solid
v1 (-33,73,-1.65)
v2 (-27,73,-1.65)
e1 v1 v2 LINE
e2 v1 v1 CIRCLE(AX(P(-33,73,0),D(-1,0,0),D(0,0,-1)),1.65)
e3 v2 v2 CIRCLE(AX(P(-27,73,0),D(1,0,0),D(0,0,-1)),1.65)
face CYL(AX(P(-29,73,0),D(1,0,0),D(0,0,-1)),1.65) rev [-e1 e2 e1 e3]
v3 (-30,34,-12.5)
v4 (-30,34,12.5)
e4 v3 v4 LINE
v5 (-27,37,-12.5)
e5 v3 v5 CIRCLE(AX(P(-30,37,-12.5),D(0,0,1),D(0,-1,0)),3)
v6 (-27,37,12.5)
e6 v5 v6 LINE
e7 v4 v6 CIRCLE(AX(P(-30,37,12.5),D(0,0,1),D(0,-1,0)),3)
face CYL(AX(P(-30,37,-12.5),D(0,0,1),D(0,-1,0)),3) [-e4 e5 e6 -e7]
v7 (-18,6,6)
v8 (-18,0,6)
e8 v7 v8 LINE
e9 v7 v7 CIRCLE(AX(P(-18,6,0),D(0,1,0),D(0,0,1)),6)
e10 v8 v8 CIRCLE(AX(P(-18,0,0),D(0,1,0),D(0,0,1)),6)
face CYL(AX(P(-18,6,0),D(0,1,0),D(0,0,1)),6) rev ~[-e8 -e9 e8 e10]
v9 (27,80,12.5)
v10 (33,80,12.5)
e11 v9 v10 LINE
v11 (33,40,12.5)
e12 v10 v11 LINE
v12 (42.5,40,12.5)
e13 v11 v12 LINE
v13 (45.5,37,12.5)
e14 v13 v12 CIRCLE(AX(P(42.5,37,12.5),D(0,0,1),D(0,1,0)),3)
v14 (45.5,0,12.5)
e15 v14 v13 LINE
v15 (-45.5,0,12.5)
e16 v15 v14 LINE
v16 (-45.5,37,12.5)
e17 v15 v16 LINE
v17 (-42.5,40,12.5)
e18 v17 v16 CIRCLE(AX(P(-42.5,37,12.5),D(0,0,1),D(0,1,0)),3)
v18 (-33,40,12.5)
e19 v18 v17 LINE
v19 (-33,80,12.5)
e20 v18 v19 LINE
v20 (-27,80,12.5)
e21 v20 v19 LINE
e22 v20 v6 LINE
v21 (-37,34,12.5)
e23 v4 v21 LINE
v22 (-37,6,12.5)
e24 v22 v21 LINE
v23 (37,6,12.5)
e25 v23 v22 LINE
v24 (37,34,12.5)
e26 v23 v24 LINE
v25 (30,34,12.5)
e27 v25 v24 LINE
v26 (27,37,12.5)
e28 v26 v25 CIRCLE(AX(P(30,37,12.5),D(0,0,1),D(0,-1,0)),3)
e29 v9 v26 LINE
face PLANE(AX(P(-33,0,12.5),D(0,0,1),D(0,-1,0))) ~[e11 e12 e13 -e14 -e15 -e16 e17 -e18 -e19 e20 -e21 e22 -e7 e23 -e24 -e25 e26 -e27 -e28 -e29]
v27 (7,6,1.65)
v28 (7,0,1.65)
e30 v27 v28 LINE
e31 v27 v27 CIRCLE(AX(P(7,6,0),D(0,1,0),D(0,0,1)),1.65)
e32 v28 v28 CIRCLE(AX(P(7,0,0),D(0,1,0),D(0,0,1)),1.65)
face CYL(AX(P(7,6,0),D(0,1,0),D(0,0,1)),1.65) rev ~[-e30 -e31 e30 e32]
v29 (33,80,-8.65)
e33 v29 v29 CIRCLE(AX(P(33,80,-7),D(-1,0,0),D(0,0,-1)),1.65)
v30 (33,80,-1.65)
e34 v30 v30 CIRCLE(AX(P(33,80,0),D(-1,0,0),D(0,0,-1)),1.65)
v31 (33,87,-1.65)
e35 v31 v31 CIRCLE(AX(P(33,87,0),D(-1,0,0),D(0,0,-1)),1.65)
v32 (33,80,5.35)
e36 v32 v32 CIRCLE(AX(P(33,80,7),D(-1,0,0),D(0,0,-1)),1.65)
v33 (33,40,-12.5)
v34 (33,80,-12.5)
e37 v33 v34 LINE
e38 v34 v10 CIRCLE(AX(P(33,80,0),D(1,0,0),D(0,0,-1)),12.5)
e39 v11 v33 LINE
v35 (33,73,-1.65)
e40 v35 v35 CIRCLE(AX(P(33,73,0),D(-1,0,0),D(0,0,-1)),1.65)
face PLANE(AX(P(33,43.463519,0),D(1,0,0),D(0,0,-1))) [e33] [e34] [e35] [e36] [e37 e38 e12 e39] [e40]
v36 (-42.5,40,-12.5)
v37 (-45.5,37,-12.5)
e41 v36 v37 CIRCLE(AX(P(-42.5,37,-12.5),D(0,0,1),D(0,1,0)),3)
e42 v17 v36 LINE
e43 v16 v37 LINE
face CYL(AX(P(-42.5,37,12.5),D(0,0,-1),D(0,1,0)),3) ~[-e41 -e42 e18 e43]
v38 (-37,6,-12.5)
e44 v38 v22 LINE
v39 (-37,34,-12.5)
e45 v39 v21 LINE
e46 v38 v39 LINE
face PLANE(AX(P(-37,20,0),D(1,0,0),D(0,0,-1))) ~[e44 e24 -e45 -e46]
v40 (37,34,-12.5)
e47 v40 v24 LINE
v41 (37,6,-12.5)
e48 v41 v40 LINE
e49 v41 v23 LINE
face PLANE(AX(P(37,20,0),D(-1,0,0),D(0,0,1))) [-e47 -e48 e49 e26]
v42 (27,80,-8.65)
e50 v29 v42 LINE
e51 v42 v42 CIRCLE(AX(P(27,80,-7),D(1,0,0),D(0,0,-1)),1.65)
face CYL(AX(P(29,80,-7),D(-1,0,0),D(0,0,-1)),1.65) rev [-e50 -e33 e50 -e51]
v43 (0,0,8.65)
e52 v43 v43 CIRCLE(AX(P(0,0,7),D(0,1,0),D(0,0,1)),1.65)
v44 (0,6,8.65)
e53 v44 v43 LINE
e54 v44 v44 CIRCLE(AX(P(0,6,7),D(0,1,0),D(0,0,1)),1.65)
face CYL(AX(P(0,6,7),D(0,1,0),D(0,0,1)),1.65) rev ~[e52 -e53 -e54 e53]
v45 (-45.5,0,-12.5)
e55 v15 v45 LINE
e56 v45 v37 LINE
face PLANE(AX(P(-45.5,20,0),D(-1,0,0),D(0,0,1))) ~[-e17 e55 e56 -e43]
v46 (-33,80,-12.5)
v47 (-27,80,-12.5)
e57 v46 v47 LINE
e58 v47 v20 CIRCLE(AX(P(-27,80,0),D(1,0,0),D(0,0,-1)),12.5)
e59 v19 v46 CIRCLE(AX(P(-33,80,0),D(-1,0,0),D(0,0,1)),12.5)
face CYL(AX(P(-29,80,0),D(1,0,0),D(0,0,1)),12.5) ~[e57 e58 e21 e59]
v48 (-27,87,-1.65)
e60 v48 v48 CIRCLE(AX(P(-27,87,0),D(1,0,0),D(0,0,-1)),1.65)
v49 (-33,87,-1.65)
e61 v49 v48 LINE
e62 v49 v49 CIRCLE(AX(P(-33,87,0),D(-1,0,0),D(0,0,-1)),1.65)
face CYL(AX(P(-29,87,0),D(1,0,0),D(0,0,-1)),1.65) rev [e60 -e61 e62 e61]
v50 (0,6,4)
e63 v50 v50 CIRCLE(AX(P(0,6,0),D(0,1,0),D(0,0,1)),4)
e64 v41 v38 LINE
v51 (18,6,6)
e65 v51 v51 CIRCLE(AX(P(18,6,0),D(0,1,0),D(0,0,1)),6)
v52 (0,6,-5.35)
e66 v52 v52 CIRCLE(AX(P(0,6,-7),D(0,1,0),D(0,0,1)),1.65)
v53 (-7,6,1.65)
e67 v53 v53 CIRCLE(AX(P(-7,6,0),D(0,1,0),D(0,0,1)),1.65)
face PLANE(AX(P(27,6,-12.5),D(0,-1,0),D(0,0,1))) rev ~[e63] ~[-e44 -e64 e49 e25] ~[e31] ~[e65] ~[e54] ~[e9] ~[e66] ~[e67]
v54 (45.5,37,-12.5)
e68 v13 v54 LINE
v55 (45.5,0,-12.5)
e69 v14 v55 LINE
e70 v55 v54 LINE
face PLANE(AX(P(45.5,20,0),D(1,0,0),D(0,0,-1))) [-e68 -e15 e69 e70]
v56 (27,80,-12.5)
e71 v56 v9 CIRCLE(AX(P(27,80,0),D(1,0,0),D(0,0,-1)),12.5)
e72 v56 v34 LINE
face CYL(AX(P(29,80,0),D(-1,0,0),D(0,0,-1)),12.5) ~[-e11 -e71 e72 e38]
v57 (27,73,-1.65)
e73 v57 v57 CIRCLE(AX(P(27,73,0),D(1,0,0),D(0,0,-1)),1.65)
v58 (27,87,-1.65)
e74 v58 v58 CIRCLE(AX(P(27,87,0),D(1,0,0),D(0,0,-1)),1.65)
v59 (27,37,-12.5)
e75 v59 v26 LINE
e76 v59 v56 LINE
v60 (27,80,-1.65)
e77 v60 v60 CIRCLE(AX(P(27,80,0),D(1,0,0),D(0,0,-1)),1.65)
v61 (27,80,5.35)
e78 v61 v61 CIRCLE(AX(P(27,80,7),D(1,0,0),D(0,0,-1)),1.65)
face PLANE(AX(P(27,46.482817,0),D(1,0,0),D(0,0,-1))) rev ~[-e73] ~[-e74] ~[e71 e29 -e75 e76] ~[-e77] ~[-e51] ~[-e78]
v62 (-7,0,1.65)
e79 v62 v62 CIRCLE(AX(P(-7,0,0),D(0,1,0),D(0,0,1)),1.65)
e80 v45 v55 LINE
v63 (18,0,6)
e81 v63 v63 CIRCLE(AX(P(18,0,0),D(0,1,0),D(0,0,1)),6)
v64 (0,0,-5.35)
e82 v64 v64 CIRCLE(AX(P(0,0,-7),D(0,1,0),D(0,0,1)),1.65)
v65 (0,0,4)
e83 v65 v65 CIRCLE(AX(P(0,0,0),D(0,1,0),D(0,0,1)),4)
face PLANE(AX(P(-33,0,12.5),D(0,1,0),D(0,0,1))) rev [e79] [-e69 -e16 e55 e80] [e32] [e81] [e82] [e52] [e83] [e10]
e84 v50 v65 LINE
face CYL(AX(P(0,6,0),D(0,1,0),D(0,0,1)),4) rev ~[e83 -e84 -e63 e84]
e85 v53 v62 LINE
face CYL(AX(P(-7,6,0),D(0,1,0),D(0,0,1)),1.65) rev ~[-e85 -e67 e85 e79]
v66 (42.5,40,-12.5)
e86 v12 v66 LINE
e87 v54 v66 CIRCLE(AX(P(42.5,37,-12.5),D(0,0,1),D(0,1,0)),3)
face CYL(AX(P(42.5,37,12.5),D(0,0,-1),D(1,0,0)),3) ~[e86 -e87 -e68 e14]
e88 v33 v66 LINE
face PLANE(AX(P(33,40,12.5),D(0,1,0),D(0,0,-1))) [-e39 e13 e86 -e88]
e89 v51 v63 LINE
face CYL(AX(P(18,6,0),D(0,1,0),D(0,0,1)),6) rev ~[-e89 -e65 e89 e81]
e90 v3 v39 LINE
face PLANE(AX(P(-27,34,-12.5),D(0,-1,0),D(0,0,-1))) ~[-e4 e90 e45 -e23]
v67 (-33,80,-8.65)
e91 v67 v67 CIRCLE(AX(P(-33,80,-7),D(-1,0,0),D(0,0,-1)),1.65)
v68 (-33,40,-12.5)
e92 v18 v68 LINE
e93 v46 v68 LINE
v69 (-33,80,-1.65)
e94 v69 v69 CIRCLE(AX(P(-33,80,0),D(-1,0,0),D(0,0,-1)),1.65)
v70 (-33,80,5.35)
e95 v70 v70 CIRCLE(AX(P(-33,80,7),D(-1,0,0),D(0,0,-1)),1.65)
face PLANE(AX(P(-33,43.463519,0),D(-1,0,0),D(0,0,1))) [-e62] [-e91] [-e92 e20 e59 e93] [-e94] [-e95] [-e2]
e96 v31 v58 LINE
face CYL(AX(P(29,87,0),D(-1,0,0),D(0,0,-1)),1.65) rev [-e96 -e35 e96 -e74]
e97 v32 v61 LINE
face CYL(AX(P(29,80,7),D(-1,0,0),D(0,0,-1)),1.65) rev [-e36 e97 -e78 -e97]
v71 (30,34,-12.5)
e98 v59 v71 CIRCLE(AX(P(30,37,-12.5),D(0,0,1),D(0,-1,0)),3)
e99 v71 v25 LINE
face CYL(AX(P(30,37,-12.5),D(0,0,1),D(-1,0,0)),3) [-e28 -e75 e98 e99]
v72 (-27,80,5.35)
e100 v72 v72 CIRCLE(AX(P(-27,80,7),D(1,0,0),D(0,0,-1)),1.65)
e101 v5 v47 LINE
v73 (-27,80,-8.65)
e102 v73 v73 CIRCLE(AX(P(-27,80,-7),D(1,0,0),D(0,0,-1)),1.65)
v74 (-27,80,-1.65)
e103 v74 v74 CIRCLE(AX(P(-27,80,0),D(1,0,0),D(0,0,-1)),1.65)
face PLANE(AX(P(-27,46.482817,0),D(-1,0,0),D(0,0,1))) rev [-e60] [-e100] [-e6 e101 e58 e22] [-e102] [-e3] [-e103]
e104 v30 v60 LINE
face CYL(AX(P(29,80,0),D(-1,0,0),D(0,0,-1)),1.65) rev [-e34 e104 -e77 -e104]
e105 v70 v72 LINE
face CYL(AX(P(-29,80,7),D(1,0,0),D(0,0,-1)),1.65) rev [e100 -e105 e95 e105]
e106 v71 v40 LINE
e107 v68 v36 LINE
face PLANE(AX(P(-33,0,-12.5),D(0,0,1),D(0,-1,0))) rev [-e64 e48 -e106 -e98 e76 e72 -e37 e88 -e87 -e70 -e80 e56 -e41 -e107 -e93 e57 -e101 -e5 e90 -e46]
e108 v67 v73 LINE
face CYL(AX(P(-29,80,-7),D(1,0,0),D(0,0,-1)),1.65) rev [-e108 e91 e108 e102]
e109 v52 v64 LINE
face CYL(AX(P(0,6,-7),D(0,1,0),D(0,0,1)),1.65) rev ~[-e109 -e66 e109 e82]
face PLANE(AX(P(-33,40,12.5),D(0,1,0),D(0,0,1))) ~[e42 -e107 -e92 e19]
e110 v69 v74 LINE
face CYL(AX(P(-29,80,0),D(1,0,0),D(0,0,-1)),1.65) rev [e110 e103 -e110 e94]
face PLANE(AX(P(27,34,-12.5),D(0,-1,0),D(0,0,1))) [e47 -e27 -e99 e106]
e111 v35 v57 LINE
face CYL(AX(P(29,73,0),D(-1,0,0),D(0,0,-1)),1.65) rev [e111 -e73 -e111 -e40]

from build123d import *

# Parameters (mm, degrees)
SKETCH_1_W          = 58
SKETCH_1_H          = 25
EXTRUDE_1_DEPTH     = 6
SKETCH_2_R          = 4
SKETCH_2_R_2        = 1.65
CUT_EXTRUDE_1_DEPTH = 2
EXTRUDE_2_DEPTH     = 2
SKETCH_4_R          = 1.65
CUT_EXTRUDE_2_DEPTH = 2
EXTRUDE_3_DEPTH     = 4
SKETCH_5_R          = 1.65
EXTRUDE_4_DEPTH     = 4
SKETCH_4_2_R        = 1.65
CUT_EXTRUDE_3_DEPTH = 6
SKETCH_2_2_R        = 4
SKETCH_2_2_R_2      = 1.65
CUT_EXTRUDE_4_DEPTH = 6
CUT_EXTRUDE_5_REACH = 95.421
SKETCH_6_R          = 6
SKETCH_9_W          = 25
SKETCH_9_H          = 40
EXTRUDE_6_DEPTH     = 12.5
SKETCH_10_W         = 25
SKETCH_10_H         = 28
CUT_EXTRUDE_6_DEPTH = 10
FILLET_1_R          = 3


with BuildPart() as part:
    # 草图1 → 凸台-拉伸1 (new body)
    with BuildSketch(Plane(origin=(0, 0, 0), x_dir=(1, 0, 0), z_dir=(0, 1, 0))):
        Rectangle(SKETCH_1_W, SKETCH_1_H)
    extrude(amount=EXTRUDE_1_DEPTH)

    # 草图2 → 切除-拉伸1 (cut)
    with BuildSketch(Plane(origin=(0, 6, 0), x_dir=(1, 0, 0), z_dir=(0, 1, 0))):
        with Locations(Location((0, 0, 0), (0, 0, 270))):
            Circle(SKETCH_2_R)
        with Locations(Location((0, 7, 0), (0, 0, 270))):
            Circle(SKETCH_2_R_2)
        with Locations(Location((7, 0, 0), (0, 0, 270))):
            Circle(SKETCH_2_R_2)
        with Locations(Location((0, -7, 0), (0, 0, 270))):
            Circle(SKETCH_2_R_2)
        with Locations(Location((-7, 0, 0), (0, 0, 270))):
            Circle(SKETCH_2_R_2)
    extrude(amount=-CUT_EXTRUDE_1_DEPTH, mode=Mode.SUBTRACT)

    # 草图3 → 凸台-拉伸2 (add)
    with BuildSketch(Plane(origin=(29, 0, 0), x_dir=(0, 0, -1), z_dir=(1, 0, 0))):
        with BuildLine():
            Line((0, 6), (12.5, 6))
            Line((12.5, 6), (12.5, 80))
            ThreePointArc((12.5, 80), (0, 92.5), (-12.5, 80))
            Line((-12.5, 80), (-12.5, 6))
            Line((-12.5, 6), (0, 6))
        make_face()
    extrude_2 = extrude(amount=-EXTRUDE_2_DEPTH)

    # 草图4 → 切除-拉伸2 (cut)
    with BuildSketch(Plane(origin=(29, 0, 0), x_dir=(0, 0, -1), z_dir=(1, 0, 0))):
        with Locations((0, 87)):
            Circle(SKETCH_4_R)
        with Locations((7, 80)):
            Circle(SKETCH_4_R)
        with Locations((0, 73)):
            Circle(SKETCH_4_R)
        with Locations((-7, 80)):
            Circle(SKETCH_4_R)
        with Locations((0, 80)):
            Circle(SKETCH_4_R)
    cut_extrude_2 = extrude(amount=-CUT_EXTRUDE_2_DEPTH, mode=Mode.SUBTRACT)

    # 镜向1: 凸台-拉伸2, 切除-拉伸2 across plane
    add(extrude_2.mirror(Plane(origin=(0, 0, 0), x_dir=(0, 0, 1), z_dir=(1, 0, 0))))
    add(cut_extrude_2.mirror(Plane(origin=(0, 0, 0), x_dir=(0, 0, 1), z_dir=(1, 0, 0))), mode=Mode.SUBTRACT)

    # 草图3<3> → 凸台-拉伸3 (add)
    with BuildSketch(Plane(origin=(29, 0, 0), x_dir=(0, 0, -1), z_dir=(1, 0, 0))):
        with BuildLine():
            Line((0, 0), (12.5, 0))
            Line((12.5, 0), (12.5, 80))
            ThreePointArc((12.5, 80), (0, 92.5), (-12.5, 80))
            Line((-12.5, 80), (-12.5, 0))
            Line((-12.5, 0), (0, 0))
        make_face()
    extrude(amount=EXTRUDE_3_DEPTH)

    # 草图5 → 凸台-拉伸4 (add)
    with BuildSketch(Plane.ZY.offset(29)):
        with BuildLine():
            Line((-12.5, 0), (12.5, 0))
            Line((12.5, 0), (12.5, 80))
            ThreePointArc((12.5, 80), (0, 92.5), (-12.5, 80))
            Line((-12.5, 80), (-12.5, 0))
        make_face()
        with Locations(Location((0, 73, 0), (0, 0, 180))):
            Circle(SKETCH_5_R, mode=Mode.SUBTRACT)
        with Locations(Location((0, 87, 0), (0, 0, 180))):
            Circle(SKETCH_5_R, mode=Mode.SUBTRACT)
        with Locations(Location((-7, 80, 0), (0, 0, 180))):
            Circle(SKETCH_5_R, mode=Mode.SUBTRACT)
        with Locations(Location((0, 80, 0), (0, 0, 180))):
            Circle(SKETCH_5_R, mode=Mode.SUBTRACT)
        with Locations(Location((7, 80, 0), (0, 0, 180))):
            Circle(SKETCH_5_R, mode=Mode.SUBTRACT)
    extrude(amount=EXTRUDE_4_DEPTH)

    # 草图4<2> → 切除-拉伸3 (cut)
    with BuildSketch(Plane(origin=(29, 0, 0), x_dir=(0, 0, -1), z_dir=(1, 0, 0))):
        with Locations((0, 87)):
            Circle(SKETCH_4_2_R)
        with Locations((7, 80)):
            Circle(SKETCH_4_2_R)
        with Locations((0, 73)):
            Circle(SKETCH_4_2_R)
        with Locations((-7, 80)):
            Circle(SKETCH_4_2_R)
        with Locations((0, 80)):
            Circle(SKETCH_4_2_R)
    extrude(amount=CUT_EXTRUDE_3_DEPTH, mode=Mode.SUBTRACT)

    # 草图2<2> → 切除-拉伸4 (cut)
    with BuildSketch(Plane(origin=(0, 6, 0), x_dir=(1, 0, 0), z_dir=(0, 1, 0))):
        with Locations(Location((0, 0, 0), (0, 0, 270))):
            Circle(SKETCH_2_2_R)
        with Locations(Location((0, 7, 0), (0, 0, 270))):
            Circle(SKETCH_2_2_R_2)
        with Locations(Location((7, 0, 0), (0, 0, 270))):
            Circle(SKETCH_2_2_R_2)
        with Locations(Location((0, -7, 0), (0, 0, 270))):
            Circle(SKETCH_2_2_R_2)
        with Locations(Location((-7, 0, 0), (0, 0, 270))):
            Circle(SKETCH_2_2_R_2)
    extrude(amount=-CUT_EXTRUDE_4_DEPTH, mode=Mode.SUBTRACT)

    # 草图6 → 切除-拉伸5 (cut, up to next)
    with BuildSketch(Plane(origin=(0, 6, 0), x_dir=(1, 0, 0), z_dir=(0, 1, 0)), mode=Mode.PRIVATE) as cut_extrude_5_sk1:
        with Locations(Location((-18, 0, 0), (0, 0, 270))):
            Circle(SKETCH_6_R)
    cut_extrude_5_tool1 = extrude(cut_extrude_5_sk1.sketch, amount=-CUT_EXTRUDE_5_REACH, mode=Mode.PRIVATE) & part.part
    # 草图6 → 切除-拉伸5 (cut, up to next)
    with BuildSketch(Plane(origin=(0, 6, 0), x_dir=(1, 0, 0), z_dir=(0, 1, 0)), mode=Mode.PRIVATE) as cut_extrude_5_sk2:
        with Locations(Location((18, 0, 0), (0, 0, 270))):
            Circle(SKETCH_6_R)
    cut_extrude_5_tool2 = extrude(cut_extrude_5_sk2.sketch, amount=-CUT_EXTRUDE_5_REACH, mode=Mode.PRIVATE) & part.part
    add(cut_extrude_5_tool1.solids().sort_by_distance((-18, 6, 0))[0], mode=Mode.SUBTRACT)
    add(cut_extrude_5_tool2.solids().sort_by_distance((18, 6, 0))[0], mode=Mode.SUBTRACT)

    # 草图9 → 凸台-拉伸6 (add)
    with BuildSketch(Plane(origin=(33, 0, 0), x_dir=(0, 0, -1), z_dir=(1, 0, 0))):
        with Locations((0, 20)):
            Rectangle(SKETCH_9_W, SKETCH_9_H)
    extrude_6 = extrude(amount=EXTRUDE_6_DEPTH)

    # 镜向2: 凸台-拉伸6 across plane
    add(extrude_6.mirror(Plane(origin=(0, 0, 0), x_dir=(0, 0, 1), z_dir=(1, 0, 0))))

    # 草图10 → 切除-拉伸6 (cut)
    with BuildSketch(Plane.ZY.offset(-27)):
        with Locations((0, 20)):
            Rectangle(SKETCH_10_W, SKETCH_10_H)
    cut_extrude_6 = extrude(amount=-CUT_EXTRUDE_6_DEPTH, mode=Mode.SUBTRACT)

    # 镜向3: 切除-拉伸6 across plane
    add(cut_extrude_6.mirror(Plane(origin=(0, 0, 0), x_dir=(0, 0, 1), z_dir=(1, 0, 0))), mode=Mode.SUBTRACT)

    # 圆角1
    fillet_1_edges = [part.edges().sort_by_distance(p)[0] for p in [
        (45.5, 40, 0),
        (-45.5, 40, 0),
        (27, 34, 0),
        (-27, 34, 0),
    ]]
    fillet(fillet_1_edges, radius=FILLET_1_R)


solid = part.part
